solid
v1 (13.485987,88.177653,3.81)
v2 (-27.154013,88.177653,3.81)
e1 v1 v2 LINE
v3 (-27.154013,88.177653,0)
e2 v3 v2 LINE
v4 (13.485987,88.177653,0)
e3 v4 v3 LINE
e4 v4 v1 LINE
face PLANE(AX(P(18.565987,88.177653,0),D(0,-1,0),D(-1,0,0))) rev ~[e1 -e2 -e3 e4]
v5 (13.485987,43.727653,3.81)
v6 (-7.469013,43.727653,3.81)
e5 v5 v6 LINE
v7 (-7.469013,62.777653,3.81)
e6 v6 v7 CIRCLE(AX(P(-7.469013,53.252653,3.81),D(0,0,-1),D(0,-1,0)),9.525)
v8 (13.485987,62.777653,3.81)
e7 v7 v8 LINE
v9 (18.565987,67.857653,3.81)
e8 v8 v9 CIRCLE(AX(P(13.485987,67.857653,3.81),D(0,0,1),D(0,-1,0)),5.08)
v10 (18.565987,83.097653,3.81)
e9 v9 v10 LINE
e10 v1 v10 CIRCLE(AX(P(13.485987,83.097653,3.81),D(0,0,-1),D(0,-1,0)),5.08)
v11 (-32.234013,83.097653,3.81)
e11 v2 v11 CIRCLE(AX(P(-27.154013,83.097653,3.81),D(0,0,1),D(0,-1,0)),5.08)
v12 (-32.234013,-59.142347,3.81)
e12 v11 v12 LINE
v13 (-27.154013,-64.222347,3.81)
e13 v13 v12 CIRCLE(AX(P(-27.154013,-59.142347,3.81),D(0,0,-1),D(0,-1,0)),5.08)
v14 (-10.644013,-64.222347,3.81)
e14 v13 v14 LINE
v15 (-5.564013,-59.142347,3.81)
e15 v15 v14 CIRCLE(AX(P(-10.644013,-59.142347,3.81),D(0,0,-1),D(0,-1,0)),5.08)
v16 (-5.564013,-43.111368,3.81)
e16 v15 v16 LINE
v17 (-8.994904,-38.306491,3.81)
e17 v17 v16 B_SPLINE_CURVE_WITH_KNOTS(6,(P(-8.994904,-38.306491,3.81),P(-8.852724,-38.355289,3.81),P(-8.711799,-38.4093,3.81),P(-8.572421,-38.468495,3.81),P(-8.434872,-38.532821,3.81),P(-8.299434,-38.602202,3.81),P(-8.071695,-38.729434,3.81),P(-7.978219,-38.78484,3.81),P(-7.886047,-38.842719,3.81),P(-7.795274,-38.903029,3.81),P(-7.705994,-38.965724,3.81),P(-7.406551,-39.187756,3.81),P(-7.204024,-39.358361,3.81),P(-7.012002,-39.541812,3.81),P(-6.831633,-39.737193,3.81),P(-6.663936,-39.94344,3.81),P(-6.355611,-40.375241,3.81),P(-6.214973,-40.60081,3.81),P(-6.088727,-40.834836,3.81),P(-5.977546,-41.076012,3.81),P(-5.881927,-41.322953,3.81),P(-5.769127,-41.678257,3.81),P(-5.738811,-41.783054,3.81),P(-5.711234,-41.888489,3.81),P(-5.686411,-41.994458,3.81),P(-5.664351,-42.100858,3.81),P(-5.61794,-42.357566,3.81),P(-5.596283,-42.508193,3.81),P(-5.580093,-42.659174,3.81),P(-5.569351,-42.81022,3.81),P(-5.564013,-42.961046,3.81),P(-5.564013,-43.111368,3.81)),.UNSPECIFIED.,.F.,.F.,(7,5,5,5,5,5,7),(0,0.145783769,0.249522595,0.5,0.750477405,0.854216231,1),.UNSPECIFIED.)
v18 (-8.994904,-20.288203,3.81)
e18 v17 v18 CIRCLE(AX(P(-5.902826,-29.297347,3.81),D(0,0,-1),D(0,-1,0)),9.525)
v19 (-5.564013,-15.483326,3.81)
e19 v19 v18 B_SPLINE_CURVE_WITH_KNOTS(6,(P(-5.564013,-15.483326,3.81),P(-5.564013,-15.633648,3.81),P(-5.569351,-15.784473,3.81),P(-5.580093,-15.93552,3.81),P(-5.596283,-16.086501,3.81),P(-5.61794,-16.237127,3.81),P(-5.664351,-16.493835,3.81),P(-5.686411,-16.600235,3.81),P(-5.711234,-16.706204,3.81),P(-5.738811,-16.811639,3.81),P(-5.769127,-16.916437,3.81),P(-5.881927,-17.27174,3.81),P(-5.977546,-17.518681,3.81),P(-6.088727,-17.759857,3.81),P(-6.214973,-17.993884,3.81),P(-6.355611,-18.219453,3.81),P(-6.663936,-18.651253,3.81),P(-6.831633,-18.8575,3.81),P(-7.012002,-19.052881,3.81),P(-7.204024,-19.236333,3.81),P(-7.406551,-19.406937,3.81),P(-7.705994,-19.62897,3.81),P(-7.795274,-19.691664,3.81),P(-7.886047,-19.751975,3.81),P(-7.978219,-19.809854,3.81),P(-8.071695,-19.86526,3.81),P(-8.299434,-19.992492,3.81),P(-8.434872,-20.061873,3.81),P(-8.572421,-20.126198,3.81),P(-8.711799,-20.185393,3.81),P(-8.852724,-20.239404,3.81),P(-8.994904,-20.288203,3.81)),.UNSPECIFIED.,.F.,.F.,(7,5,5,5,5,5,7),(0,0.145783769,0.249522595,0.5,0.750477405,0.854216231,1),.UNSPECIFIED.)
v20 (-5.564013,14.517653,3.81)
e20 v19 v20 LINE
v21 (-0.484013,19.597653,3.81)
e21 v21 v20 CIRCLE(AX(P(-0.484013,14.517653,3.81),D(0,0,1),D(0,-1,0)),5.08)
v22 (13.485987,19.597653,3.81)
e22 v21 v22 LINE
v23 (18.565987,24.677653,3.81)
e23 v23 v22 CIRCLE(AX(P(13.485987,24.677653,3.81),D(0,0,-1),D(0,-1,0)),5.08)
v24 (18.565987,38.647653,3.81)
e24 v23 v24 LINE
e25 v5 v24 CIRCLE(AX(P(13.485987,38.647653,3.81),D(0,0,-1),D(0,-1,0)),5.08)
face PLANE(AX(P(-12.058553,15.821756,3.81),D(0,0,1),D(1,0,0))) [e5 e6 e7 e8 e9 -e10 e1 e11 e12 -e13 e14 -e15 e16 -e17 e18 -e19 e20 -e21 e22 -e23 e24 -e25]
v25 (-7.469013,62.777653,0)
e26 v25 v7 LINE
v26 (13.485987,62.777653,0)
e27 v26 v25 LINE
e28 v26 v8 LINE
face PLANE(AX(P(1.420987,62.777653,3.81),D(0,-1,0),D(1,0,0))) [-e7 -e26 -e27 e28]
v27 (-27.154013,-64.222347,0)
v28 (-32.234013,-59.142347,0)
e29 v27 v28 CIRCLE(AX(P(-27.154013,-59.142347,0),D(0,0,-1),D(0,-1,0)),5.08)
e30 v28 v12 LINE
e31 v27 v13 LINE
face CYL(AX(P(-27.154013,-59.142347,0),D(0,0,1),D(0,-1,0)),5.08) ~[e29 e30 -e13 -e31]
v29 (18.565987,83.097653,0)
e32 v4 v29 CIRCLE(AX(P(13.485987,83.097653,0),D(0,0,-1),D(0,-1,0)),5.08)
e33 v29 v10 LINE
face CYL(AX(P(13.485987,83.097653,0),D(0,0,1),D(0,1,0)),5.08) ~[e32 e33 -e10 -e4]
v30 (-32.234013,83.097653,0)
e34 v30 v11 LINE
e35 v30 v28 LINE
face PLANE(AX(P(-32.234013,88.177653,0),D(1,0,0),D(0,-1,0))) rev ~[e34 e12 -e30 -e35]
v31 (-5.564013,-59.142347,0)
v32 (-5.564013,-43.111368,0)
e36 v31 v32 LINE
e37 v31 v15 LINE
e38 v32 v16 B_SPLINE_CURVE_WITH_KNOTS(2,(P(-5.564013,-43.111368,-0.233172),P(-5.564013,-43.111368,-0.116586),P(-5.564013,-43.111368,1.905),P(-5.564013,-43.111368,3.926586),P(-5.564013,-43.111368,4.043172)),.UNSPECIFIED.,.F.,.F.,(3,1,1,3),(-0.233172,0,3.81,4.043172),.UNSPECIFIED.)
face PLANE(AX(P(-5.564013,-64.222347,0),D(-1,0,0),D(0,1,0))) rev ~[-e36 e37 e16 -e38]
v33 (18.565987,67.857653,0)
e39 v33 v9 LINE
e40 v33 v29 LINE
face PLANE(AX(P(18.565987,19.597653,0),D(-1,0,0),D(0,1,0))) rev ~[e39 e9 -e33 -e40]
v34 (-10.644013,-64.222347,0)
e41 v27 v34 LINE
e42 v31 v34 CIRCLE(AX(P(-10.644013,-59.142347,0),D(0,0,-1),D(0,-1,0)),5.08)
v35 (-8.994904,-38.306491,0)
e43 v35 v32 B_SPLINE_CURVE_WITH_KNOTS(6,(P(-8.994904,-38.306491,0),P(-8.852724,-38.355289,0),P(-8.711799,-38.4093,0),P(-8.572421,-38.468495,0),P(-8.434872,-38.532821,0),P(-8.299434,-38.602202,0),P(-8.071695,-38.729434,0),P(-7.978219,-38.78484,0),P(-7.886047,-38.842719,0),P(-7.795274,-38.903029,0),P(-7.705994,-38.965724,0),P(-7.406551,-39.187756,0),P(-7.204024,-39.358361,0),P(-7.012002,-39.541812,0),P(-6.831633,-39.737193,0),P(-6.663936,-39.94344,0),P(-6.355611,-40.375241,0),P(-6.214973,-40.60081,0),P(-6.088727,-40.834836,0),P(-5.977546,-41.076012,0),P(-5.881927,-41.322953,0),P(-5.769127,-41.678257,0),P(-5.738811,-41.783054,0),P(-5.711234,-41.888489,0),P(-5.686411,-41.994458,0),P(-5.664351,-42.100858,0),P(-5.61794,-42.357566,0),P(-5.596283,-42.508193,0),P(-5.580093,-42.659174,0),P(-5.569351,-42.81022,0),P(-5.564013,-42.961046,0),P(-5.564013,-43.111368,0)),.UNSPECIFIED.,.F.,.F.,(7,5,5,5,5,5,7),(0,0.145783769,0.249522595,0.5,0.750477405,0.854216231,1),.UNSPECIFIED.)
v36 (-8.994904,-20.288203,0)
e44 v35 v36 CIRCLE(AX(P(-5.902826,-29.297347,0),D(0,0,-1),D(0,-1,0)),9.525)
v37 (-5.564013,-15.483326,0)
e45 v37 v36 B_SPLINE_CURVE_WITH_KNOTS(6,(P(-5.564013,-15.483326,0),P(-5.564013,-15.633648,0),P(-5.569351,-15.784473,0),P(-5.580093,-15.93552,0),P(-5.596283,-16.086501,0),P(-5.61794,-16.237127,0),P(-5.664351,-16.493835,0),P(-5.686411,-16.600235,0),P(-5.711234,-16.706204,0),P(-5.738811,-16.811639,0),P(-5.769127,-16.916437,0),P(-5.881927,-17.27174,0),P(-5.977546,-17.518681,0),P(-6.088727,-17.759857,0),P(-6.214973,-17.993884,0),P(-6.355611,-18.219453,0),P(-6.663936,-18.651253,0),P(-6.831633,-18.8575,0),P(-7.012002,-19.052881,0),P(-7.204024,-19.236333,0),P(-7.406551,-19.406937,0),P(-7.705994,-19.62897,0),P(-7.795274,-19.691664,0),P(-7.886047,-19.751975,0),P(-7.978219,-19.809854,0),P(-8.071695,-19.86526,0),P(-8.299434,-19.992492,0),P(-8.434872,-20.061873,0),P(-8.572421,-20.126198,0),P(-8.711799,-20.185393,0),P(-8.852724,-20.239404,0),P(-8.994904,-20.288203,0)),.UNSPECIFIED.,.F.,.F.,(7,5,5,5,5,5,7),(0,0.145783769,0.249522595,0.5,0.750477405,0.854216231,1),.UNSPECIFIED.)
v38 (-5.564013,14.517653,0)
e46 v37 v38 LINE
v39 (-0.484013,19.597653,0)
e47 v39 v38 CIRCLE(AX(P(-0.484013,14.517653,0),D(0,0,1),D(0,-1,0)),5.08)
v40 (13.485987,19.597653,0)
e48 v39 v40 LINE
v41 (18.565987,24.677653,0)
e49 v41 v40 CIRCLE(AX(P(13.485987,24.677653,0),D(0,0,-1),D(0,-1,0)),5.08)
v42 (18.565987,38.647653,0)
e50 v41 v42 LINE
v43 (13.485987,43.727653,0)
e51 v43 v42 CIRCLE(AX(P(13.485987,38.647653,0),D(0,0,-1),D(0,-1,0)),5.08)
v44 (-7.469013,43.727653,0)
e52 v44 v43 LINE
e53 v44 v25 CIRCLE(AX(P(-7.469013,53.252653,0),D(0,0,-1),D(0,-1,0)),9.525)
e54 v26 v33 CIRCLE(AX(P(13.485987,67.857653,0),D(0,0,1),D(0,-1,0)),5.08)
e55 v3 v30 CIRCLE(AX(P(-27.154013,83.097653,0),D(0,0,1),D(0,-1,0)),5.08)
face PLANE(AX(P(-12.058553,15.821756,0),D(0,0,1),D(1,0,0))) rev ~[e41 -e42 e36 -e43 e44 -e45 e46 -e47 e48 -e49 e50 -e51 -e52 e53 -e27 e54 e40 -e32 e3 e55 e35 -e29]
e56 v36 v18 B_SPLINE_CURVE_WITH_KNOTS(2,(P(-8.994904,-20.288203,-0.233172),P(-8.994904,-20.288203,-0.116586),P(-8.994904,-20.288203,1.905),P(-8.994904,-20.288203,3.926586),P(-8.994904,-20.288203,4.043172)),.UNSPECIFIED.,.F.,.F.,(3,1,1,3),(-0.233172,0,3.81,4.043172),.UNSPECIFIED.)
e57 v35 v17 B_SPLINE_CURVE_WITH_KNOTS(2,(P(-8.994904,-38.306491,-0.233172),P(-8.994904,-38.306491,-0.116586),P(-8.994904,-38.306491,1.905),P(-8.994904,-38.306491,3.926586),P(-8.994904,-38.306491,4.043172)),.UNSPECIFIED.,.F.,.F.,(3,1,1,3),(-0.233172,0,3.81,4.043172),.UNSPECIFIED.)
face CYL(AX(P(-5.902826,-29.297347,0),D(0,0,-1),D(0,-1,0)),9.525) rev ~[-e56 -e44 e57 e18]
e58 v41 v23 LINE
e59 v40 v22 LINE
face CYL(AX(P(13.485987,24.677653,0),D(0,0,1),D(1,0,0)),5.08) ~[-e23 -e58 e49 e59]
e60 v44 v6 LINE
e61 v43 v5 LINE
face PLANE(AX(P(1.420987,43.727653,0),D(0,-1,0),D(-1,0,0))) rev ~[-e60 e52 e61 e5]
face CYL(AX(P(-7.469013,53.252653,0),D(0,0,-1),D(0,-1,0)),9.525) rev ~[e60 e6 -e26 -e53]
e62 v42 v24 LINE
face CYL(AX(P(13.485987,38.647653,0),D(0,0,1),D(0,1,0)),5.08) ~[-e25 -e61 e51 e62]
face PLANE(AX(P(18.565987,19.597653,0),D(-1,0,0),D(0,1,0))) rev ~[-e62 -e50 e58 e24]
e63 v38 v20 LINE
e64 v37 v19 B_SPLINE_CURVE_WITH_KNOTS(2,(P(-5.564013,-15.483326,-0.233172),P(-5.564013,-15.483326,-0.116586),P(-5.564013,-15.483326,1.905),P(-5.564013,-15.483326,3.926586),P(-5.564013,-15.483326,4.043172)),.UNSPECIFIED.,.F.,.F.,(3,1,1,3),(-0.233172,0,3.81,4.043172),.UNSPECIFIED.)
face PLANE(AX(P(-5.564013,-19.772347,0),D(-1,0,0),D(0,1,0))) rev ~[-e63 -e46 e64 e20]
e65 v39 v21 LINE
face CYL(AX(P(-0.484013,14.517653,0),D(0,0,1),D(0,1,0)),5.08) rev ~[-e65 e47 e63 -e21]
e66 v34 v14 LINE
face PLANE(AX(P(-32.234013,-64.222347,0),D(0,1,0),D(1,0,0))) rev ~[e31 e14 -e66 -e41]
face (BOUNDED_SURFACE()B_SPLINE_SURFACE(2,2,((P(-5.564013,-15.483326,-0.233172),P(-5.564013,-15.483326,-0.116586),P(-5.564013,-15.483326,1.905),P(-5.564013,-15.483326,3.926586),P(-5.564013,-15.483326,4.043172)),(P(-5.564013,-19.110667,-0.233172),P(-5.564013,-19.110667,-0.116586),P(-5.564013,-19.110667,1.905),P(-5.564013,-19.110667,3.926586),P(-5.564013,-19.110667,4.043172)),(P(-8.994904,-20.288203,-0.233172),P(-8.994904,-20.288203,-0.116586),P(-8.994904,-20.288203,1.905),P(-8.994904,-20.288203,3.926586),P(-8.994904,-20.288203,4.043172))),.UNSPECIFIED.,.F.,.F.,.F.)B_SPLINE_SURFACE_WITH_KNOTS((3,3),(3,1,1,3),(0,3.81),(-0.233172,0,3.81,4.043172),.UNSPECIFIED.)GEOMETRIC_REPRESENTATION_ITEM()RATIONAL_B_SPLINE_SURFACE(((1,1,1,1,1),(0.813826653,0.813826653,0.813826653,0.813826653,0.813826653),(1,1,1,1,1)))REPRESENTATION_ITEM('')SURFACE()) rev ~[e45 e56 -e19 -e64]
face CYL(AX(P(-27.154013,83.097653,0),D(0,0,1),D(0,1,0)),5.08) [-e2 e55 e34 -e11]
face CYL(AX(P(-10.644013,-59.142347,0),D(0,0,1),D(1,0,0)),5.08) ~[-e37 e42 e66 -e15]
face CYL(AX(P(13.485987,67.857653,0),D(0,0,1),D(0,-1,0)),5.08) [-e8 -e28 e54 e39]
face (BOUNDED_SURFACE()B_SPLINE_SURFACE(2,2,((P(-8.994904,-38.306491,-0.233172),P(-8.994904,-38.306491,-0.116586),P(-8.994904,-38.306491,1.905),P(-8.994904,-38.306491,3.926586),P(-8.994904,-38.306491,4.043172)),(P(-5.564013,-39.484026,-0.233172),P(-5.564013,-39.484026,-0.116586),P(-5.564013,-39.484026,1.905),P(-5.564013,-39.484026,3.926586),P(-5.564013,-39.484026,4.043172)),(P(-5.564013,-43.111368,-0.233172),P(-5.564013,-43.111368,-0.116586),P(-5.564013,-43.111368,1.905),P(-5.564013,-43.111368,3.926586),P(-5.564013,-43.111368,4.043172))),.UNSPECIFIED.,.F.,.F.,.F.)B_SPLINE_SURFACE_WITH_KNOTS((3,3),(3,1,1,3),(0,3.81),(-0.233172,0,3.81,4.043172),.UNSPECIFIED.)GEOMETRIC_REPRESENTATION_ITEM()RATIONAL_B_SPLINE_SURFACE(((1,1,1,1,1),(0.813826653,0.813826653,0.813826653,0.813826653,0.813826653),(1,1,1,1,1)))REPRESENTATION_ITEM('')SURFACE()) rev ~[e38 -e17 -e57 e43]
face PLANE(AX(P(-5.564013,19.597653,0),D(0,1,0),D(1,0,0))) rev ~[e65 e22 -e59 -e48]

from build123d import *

# Parameters (mm, degrees)
F1_DEPTH = 3.81
F2_W     = 23.2185392497
F2_H     = 19.05
F3_DEPTH = 25.4
F4_R     = 5.08


with BuildPart() as f1:
    # F0 (on Top) → F1 (new body)
    with BuildSketch(Plane.XY):
        with BuildLine():
            Line((18.5659871323, 88.1776532905), (-32.2340128677, 88.1776532905))
            Line((-32.2340128677, 88.1776532905), (-32.2340128677, -64.2223467095))
            Line((-32.2340128677, -64.2223467095), (-5.5640128677, -64.2223467095))
            Line((-5.5640128677, -64.2223467095), (-5.5640128677, -38.8223467095))
            Line((-5.5640128677, -38.8223467095), (-5.9028261468, -38.8223467095))
            ThreePointArc((-5.9028261468, -38.8223467095), (-15.4278261468, -29.2973467095), (-5.9028261468, -19.7723467095))
            Line((-5.9028261468, -19.7723467095), (-5.5640128677, -19.7723467095))
            Line((-5.5640128677, -19.7723467095), (-5.5640128677, 19.5976532905))
            Line((-5.5640128677, 19.5976532905), (18.5659871323, 19.5976532905))
            Line((18.5659871323, 19.5976532905), (18.5659871323, 88.1776532905))
        make_face()
        with BuildLine():
            ThreePointArc((-7.4690128677, 43.7276532905), (-16.9940128677, 53.2526532905), (-7.4690128677, 62.7776532905))
            Line((-7.4690128677, 62.7776532905), (1.4209871323, 62.7776532905))
            ThreePointArc((1.4209871323, 62.7776532905), (10.9459871323, 53.2526532905), (1.4209871323, 43.7276532905))
            Line((1.4209871323, 43.7276532905), (-7.4690128677, 43.7276532905))
        make_face(mode=Mode.SUBTRACT)
    extrude(amount=F1_DEPTH)

    # F2 (on face) → F3 (cut)
    with BuildSketch(Plane.XY.offset(3.81)):
        with Locations((13.0302567572, 53.2526532905)):
            Rectangle(F2_W, F2_H)
    extrude(amount=-F3_DEPTH, mode=Mode.SUBTRACT)

    # F4
    f4_edges = [f1.edges().sort_by_distance(p)[0] for p in [
        (18.565987, 88.177653, 1.905),
        (-32.234013, 88.177653, 1.905),
        (-32.234013, -64.222347, 1.905),
        (-5.564013, -64.222347, 1.905),
        (-5.564013, -19.772347, 1.905),
        (-5.564013, -38.822347, 1.905),
        (18.565987, 19.597653, 1.905),
        (-5.564013, 19.597653, 1.905),
        (18.565987, 43.727653, 1.905),
        (18.565987, 62.777653, 1.905),
    ]]
    fillet(f4_edges, radius=F4_R)


solid = f1.part
